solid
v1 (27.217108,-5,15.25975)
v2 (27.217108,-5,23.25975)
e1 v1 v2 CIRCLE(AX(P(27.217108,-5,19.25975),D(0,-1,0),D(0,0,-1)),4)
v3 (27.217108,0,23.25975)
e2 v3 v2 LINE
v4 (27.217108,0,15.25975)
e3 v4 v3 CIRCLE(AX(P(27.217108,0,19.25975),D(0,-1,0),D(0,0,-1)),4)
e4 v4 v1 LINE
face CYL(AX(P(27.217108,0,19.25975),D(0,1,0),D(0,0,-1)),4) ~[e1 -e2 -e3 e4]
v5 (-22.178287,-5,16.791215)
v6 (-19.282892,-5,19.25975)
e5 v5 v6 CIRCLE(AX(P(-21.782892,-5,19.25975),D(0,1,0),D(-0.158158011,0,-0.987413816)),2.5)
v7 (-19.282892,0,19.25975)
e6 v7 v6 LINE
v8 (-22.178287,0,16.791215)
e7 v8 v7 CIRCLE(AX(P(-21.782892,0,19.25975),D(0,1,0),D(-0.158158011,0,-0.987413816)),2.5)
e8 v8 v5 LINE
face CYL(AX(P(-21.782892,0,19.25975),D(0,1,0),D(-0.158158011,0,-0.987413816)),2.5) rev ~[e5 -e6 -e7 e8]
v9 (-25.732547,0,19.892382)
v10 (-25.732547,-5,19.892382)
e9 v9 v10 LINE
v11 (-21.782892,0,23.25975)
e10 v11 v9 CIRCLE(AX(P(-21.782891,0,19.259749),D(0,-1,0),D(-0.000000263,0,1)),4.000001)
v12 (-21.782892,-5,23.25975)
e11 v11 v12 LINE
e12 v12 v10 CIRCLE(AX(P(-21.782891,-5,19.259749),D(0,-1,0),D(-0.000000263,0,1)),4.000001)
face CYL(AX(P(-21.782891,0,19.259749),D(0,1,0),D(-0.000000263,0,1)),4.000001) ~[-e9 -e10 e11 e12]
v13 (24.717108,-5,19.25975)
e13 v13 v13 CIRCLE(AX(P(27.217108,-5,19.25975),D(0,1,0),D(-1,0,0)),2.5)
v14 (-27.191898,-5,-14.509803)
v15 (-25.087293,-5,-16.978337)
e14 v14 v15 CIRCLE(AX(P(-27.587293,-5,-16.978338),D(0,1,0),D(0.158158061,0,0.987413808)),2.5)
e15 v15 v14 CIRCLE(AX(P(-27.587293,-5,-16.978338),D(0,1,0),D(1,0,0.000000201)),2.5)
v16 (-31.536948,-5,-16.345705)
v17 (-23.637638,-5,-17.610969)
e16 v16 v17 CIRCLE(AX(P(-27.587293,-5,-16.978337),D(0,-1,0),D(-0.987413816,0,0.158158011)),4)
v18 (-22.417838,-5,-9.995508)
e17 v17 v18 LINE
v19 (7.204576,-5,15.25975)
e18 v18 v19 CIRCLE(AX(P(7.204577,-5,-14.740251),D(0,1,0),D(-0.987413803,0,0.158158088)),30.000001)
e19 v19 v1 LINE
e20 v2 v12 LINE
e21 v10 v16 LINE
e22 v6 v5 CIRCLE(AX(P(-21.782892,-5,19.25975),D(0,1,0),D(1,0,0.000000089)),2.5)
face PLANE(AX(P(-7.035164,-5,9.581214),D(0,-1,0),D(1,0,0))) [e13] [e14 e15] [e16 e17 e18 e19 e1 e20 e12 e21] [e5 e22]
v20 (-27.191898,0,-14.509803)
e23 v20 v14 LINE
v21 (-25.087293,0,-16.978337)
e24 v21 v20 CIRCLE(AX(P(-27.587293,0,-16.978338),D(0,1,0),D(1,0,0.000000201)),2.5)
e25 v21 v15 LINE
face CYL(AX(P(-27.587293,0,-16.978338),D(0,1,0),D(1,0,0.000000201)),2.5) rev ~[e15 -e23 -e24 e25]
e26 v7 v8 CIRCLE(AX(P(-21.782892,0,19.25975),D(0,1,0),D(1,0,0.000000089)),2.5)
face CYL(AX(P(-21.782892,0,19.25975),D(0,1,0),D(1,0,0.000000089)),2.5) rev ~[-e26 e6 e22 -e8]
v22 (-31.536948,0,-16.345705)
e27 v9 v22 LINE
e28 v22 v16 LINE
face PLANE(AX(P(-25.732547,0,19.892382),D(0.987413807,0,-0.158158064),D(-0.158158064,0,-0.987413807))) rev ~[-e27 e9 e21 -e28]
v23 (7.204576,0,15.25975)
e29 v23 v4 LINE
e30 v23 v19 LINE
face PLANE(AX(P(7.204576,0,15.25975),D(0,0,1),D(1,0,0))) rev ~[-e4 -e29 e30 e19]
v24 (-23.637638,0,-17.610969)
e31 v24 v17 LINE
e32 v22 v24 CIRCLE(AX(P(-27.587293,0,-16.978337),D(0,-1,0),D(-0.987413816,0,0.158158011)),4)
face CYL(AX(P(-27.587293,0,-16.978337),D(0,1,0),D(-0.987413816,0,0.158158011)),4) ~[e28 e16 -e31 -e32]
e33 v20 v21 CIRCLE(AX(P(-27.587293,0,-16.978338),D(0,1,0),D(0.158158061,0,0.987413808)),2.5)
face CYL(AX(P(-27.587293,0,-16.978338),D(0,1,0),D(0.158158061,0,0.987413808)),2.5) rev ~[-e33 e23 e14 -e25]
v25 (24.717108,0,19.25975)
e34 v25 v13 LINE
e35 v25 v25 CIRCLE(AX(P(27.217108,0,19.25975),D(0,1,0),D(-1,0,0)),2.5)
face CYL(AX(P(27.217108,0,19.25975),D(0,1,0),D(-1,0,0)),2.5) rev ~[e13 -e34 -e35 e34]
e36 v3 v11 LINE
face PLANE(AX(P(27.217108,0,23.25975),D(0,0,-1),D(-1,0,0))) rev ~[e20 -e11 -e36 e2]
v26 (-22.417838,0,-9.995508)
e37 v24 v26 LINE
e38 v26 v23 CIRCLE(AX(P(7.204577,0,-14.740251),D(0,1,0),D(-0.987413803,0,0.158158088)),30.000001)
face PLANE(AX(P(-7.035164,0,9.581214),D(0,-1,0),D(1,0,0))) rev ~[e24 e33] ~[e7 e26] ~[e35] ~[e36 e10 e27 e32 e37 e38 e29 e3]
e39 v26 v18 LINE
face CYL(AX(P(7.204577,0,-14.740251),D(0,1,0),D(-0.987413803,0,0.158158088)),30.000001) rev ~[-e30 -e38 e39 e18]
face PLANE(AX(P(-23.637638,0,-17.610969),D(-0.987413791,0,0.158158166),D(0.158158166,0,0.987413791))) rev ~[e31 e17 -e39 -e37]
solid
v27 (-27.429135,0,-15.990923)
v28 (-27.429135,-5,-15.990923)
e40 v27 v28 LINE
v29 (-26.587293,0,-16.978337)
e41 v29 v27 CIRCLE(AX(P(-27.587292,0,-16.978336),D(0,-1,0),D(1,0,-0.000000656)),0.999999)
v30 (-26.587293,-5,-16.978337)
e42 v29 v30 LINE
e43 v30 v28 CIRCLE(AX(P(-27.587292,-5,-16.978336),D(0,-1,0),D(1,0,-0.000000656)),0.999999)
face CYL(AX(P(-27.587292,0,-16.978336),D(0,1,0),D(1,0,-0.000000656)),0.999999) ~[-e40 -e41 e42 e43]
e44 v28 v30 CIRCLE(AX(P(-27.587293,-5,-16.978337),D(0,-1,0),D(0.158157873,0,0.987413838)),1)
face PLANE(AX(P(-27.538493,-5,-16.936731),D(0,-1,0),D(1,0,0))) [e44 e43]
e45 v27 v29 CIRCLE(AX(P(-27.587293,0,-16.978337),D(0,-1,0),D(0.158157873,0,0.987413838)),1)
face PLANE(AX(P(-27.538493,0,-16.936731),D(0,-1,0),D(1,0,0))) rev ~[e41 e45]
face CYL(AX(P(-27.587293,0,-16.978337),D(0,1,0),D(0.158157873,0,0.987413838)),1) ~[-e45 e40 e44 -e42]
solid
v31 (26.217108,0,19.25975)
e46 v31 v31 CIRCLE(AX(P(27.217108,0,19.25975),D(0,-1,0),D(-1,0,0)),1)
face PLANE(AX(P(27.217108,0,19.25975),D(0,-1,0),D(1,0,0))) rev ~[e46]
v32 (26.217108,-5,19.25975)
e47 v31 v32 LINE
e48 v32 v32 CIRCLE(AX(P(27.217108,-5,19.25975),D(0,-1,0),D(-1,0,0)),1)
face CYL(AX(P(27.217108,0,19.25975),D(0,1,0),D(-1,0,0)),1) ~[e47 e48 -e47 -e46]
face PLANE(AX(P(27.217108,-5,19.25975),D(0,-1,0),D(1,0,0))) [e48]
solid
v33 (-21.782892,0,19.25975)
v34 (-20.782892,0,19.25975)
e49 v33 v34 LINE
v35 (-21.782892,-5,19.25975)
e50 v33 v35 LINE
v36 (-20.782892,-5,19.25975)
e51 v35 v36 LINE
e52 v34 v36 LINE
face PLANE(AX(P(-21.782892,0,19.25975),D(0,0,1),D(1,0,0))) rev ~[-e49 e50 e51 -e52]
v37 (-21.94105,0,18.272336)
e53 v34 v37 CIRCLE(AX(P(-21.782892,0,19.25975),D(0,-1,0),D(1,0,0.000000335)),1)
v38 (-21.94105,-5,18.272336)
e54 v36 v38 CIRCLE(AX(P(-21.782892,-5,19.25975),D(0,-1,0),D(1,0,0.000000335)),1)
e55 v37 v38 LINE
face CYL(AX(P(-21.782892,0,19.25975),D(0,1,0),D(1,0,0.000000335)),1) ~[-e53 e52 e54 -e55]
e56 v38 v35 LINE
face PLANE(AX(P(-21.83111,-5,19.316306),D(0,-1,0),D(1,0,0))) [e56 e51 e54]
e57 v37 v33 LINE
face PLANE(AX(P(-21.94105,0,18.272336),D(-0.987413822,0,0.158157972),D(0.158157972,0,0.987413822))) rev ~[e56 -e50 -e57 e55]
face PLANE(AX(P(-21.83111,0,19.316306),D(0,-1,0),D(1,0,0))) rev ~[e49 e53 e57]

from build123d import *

# Parameters (mm, degrees)
F1_DEPTH = 5
F2_DEPTH = 5


with BuildPart() as f1:
    # F0 (on Front) → F1 (new body)
    with BuildSketch(Plane.XZ):
        with BuildLine():
            Line((27.217108, 23.25975), (-21.782892, 23.25975))
            ThreePointArc((-21.782892, 23.25975), (-24.378029, 22.303639), (-25.732547, 19.892382))
            Line((-25.732547, 19.892382), (-31.536948, -16.345705))
            ThreePointArc((-31.536948, -16.345705), (-28.219925, -20.927992), (-23.637638, -17.610969))
            Line((-23.637638, -17.610969), (-22.417838, -9.995508))
            ThreePointArc((-22.417838, -9.995508), (-12.258951, 8.088922), (7.204576, 15.25975))
            Line((7.204576, 15.25975), (27.217108, 15.25975))
            ThreePointArc((27.217108, 15.25975), (31.217108, 19.25975), (27.217108, 23.25975))
        make_face()
        with BuildLine():
            ThreePointArc((-25.087293, -16.978337), (-29.489724, -18.600298), (-27.191898, -14.509803))
            ThreePointArc((-27.191898, -14.509803), (-25.684862, -15.356377), (-25.087293, -16.978337))
        make_face(mode=Mode.SUBTRACT)
        with BuildLine():
            ThreePointArc((-22.178287, 16.791215), (-23.404852, 21.162181), (-19.282892, 19.25975))
            ThreePointArc((-19.282892, 19.25975), (-20.160931, 17.357319), (-22.178287, 16.791215))
        make_face(mode=Mode.SUBTRACT)
        with BuildLine():
            ThreePointArc((29.717108, 19.25975), (27.217108, 16.75975), (24.717108, 19.25975))
            ThreePointArc((24.717108, 19.25975), (27.217108, 21.75975), (29.717108, 19.25975))
        make_face(mode=Mode.SUBTRACT)
    extrude(amount=F1_DEPTH)


with BuildPart() as f2:
    # F0 (on Front) → F2 (new body)
    with BuildSketch(Plane.XZ):
        with BuildLine():
            Line((-21.782892, 19.25975), (-20.782892, 19.25975))
            ThreePointArc((-20.782892, 19.25975), (-22.431676, 20.020722), (-21.94105, 18.272336))
            Line((-21.94105, 18.272336), (-21.782892, 19.25975))
        make_face()
        with BuildLine():
            ThreePointArc((28.217108, 19.25975), (27.217108, 20.25975), (26.217108, 19.25975))
            ThreePointArc((26.217108, 19.25975), (27.217108, 18.25975), (28.217108, 19.25975))
        make_face()
        with BuildLine():
            ThreePointArc((-26.587293, -16.978337), (-26.82632, -16.329553), (-27.429135, -15.990923))
            ThreePointArc((-27.429135, -15.990923), (-28.348265, -17.627121), (-26.587293, -16.978337))
        make_face()
    extrude(amount=F2_DEPTH)


solid = Compound([f1.part, f2.part])
